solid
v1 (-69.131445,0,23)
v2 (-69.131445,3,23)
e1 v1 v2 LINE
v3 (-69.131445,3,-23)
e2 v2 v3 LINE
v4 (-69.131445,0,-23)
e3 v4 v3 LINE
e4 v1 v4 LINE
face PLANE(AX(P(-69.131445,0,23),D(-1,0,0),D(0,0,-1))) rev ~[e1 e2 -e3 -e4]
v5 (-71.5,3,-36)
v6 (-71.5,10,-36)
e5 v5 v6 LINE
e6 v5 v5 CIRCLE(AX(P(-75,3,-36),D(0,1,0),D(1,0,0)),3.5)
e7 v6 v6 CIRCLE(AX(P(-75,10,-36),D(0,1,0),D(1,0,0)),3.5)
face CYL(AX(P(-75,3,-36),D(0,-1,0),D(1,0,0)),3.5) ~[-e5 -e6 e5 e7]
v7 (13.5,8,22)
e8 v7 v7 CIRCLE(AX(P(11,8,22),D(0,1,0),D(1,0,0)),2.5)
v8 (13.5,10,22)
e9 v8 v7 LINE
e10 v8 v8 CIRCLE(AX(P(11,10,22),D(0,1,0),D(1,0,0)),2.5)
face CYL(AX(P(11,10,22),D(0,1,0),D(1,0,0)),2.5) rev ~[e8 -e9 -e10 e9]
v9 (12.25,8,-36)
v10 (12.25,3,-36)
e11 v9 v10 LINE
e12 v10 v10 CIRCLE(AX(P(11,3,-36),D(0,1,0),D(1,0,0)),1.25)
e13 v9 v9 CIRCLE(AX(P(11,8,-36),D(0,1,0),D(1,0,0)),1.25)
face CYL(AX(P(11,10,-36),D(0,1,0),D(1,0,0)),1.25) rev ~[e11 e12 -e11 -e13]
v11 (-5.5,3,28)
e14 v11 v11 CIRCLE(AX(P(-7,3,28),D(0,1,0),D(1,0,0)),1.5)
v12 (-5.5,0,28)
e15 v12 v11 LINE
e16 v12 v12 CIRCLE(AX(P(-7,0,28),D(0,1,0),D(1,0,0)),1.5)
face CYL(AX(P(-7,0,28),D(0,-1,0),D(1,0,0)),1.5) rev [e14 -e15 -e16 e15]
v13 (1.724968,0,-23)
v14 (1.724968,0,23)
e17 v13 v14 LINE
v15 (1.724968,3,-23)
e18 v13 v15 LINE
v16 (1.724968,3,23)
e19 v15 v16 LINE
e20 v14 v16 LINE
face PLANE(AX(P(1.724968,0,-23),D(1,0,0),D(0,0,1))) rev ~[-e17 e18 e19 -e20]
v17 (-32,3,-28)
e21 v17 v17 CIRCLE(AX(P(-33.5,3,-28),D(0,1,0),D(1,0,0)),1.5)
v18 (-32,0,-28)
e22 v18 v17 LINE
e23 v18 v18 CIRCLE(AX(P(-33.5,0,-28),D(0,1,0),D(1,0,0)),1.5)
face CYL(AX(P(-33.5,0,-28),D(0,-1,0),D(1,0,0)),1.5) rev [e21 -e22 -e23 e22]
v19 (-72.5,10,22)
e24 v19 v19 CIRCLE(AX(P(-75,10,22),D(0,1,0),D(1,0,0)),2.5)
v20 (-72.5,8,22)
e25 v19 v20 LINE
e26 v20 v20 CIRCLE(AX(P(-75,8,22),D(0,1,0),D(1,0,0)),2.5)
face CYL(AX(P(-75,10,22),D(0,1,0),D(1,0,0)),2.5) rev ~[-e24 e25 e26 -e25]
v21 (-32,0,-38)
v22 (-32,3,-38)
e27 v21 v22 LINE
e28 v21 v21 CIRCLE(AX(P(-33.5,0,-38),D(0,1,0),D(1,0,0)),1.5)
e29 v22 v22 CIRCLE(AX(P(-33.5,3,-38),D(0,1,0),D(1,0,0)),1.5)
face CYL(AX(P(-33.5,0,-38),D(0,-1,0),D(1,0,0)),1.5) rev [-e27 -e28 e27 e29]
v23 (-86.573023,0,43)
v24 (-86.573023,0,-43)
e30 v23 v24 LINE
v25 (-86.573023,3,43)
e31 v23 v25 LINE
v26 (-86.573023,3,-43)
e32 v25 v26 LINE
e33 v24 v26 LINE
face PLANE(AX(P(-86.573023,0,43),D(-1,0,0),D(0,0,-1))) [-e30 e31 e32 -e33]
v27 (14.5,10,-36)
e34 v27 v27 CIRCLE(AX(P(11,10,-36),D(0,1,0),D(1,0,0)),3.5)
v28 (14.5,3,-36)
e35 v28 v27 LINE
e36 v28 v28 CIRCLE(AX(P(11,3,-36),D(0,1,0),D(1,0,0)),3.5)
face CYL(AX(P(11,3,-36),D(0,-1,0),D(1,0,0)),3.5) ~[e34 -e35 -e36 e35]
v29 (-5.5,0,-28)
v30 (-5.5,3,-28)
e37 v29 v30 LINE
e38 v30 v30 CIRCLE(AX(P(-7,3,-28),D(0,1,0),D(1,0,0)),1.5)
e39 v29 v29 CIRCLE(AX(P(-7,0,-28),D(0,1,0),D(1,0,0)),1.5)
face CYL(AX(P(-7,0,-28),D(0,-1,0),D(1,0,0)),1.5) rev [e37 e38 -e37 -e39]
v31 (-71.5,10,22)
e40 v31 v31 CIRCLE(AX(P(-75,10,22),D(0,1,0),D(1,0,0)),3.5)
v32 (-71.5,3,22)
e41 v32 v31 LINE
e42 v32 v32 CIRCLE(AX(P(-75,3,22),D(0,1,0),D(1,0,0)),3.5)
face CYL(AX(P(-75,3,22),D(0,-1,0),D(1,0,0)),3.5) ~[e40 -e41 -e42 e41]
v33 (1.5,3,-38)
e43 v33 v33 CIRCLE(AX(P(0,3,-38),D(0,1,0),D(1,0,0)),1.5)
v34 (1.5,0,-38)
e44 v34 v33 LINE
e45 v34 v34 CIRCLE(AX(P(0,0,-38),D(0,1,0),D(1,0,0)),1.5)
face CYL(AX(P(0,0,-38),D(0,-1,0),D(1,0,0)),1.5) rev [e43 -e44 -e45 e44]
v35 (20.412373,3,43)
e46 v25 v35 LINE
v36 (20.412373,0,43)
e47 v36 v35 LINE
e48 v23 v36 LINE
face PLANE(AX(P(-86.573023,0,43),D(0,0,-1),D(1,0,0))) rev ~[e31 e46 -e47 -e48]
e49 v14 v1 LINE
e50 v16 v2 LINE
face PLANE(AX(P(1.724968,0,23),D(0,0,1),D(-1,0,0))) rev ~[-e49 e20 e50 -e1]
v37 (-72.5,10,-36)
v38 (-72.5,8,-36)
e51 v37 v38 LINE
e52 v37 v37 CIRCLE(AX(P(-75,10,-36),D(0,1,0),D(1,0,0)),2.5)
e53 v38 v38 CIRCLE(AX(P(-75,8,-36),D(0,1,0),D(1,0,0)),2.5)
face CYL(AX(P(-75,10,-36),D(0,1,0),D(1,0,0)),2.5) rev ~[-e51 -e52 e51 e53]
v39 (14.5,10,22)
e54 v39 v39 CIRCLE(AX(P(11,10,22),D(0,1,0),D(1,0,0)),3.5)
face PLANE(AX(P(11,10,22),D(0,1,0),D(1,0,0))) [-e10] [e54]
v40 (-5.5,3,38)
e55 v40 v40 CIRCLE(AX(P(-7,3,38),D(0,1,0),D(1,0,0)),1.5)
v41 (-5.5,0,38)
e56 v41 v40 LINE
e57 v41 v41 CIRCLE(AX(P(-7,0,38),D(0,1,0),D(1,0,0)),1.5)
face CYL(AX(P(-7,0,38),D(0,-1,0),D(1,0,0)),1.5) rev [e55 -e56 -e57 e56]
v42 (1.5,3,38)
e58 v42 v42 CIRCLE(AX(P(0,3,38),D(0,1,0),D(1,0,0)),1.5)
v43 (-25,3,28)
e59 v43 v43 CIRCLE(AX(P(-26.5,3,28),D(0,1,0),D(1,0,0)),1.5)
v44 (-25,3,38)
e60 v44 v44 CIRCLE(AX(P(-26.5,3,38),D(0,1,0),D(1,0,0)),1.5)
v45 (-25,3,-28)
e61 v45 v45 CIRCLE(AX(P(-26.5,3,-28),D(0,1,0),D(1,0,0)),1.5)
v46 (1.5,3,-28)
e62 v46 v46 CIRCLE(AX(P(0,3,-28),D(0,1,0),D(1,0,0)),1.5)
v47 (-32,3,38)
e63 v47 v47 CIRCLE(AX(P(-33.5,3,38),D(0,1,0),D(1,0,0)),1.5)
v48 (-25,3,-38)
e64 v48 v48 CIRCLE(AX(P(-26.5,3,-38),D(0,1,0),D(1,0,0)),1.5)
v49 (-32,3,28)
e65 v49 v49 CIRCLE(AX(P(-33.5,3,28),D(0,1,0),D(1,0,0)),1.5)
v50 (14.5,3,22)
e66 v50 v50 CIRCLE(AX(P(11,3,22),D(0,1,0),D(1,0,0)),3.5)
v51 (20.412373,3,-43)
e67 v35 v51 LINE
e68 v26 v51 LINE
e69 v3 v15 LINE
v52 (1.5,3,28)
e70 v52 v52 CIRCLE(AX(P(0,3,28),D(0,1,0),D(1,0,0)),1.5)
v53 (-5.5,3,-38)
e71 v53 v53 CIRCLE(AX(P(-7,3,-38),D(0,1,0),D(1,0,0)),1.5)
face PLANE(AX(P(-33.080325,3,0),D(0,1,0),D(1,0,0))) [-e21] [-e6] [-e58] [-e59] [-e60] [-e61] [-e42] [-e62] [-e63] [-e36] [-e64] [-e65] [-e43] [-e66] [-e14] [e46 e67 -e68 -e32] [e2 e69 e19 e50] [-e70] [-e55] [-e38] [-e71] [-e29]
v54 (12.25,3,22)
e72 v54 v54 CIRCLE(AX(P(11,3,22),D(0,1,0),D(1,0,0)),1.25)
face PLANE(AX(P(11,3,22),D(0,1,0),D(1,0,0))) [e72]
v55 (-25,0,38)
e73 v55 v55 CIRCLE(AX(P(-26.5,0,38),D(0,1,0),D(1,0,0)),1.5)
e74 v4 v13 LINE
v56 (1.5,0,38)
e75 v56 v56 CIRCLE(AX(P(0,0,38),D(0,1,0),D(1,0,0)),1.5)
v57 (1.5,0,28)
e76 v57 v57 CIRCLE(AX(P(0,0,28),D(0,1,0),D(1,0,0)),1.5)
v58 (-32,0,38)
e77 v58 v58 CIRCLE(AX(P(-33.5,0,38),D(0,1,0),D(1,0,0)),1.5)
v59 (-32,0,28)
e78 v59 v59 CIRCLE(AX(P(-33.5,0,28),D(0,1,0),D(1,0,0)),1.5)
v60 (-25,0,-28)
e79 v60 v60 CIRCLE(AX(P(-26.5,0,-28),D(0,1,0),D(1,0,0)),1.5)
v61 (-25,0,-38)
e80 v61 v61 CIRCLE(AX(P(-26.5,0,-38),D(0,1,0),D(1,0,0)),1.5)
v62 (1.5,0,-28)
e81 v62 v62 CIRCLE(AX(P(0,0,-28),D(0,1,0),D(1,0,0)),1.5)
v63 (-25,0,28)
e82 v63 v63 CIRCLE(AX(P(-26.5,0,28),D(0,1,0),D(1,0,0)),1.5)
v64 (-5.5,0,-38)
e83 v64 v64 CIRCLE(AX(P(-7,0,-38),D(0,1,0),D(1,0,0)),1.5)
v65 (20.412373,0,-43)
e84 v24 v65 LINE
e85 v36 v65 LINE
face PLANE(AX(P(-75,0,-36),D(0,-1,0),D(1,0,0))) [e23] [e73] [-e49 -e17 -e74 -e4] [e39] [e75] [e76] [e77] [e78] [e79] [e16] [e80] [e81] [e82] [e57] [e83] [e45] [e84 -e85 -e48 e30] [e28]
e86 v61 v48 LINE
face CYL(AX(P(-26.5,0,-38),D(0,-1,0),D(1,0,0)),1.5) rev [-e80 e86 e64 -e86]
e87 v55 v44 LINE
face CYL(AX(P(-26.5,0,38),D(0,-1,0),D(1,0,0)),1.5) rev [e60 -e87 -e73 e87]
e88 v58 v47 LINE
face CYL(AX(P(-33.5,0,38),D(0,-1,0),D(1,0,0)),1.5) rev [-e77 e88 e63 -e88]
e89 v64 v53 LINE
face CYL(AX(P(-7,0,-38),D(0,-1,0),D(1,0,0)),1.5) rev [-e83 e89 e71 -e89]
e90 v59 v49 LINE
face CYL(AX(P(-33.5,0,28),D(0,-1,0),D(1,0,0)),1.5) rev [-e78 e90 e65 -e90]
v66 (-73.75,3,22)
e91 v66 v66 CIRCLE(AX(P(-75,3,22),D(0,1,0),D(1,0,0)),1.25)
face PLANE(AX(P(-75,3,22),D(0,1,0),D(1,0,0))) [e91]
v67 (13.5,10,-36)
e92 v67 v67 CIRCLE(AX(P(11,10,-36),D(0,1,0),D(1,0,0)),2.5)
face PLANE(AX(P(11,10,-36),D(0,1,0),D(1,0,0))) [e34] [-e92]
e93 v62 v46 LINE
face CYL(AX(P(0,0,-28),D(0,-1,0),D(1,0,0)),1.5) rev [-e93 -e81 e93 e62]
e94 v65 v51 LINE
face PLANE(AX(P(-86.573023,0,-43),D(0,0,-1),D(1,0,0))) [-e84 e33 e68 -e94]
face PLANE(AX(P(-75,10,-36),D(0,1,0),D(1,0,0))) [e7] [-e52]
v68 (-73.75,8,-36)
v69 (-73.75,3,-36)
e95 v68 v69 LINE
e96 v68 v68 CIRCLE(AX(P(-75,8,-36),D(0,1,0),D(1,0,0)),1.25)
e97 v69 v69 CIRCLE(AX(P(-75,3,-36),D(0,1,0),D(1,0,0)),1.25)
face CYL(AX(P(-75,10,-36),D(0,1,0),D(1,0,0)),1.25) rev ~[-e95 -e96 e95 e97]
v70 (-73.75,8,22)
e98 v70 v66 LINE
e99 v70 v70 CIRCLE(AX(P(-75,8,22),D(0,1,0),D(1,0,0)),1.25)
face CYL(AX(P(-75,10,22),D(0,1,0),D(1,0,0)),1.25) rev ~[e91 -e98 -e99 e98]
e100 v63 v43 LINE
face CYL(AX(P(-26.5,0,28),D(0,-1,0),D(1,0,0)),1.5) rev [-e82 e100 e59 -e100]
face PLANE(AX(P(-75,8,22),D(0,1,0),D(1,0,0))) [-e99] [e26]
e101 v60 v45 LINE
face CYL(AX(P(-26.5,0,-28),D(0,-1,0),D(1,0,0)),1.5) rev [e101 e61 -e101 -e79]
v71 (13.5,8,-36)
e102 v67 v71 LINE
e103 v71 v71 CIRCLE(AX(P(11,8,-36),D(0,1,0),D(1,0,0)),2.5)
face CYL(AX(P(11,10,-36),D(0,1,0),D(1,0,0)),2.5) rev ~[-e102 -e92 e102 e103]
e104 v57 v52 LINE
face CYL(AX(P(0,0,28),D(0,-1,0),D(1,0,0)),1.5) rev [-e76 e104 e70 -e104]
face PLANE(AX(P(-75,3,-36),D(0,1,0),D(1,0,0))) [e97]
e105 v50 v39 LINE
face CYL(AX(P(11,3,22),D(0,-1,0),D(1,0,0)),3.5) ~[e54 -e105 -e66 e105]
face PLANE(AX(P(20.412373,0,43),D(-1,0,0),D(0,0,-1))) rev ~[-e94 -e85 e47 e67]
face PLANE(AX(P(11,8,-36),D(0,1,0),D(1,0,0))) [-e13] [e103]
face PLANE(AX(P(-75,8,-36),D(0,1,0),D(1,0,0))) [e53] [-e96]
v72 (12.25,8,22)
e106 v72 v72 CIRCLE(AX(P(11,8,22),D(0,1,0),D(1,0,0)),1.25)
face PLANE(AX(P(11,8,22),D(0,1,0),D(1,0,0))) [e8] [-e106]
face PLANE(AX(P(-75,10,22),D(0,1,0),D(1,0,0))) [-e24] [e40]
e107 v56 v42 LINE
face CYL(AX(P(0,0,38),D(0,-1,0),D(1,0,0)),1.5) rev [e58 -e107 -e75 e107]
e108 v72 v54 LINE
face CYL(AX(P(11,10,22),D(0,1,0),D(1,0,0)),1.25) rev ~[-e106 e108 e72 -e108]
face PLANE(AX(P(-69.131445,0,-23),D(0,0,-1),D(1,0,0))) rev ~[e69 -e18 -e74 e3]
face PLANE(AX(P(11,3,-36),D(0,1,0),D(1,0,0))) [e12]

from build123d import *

# Parameters (mm, degrees)
SKETCH1_W             = 106.985396655
SKETCH1_H             = 86
SKETCH1_R             = 3.5
SKETCH1_R_2           = 1.5
BOSS_EXTRUDE1_DEPTH   = 3
SKETCH3_R             = 3.5
BOSS_EXTRUDE2_DEPTH   = 7
BOSS_EXTRUDE2_2_DEPTH = 7
BOSS_EXTRUDE2_3_DEPTH = 7
BOSS_EXTRUDE2_4_DEPTH = 7
SKETCH4_R             = 3.5
BOSS_EXTRUDE3_DEPTH   = 3
SKETCH5_R             = 1.25
CUT_EXTRUDE1_DEPTH    = 7
SKETCH6_R             = 2.5
CUT_EXTRUDE2_DEPTH    = 2


with BuildPart() as part:
    # Sketch1 → Boss-Extrude1 (new body)
    with BuildSketch(Plane(origin=(0, 0, 0), x_dir=(1, 0, 0), z_dir=(0, 1, 0))):
        with Locations((-33.080324924, 0)):
            Rectangle(SKETCH1_W, SKETCH1_H)
        with Locations((11, 36)):
            Circle(SKETCH1_R, mode=Mode.SUBTRACT)
        with Locations((-7, 38)):
            Circle(SKETCH1_R_2, mode=Mode.SUBTRACT)
        with Locations((-26.5, 38)):
            Circle(SKETCH1_R_2, mode=Mode.SUBTRACT)
        with Locations((-75, -22)):
            Circle(SKETCH1_R, mode=Mode.SUBTRACT)
        with Locations((-33.5, -38)):
            Circle(SKETCH1_R_2, mode=Mode.SUBTRACT)
        with Locations((-33.5, -28)):
            Circle(SKETCH1_R_2, mode=Mode.SUBTRACT)
        with Locations((-26.5, -38)):
            Circle(SKETCH1_R_2, mode=Mode.SUBTRACT)
        with Locations((-26.5, -28)):
            Circle(SKETCH1_R_2, mode=Mode.SUBTRACT)
        with Locations((-7, -38)):
            Circle(SKETCH1_R_2, mode=Mode.SUBTRACT)
        with Locations((0, -38)):
            Circle(SKETCH1_R_2, mode=Mode.SUBTRACT)
        with Locations((-7, -28)):
            Circle(SKETCH1_R_2, mode=Mode.SUBTRACT)
        with Locations((0, -28)):
            Circle(SKETCH1_R_2, mode=Mode.SUBTRACT)
        with Locations((11, -22)):
            Circle(SKETCH1_R, mode=Mode.SUBTRACT)
        Polygon((1.724967874, 23), (1.724967874, -22), (1.724967874, -23), (-69.131444758, -23), (-69.131444758, 23), align=None, mode=Mode.SUBTRACT)
        with Locations((-75, 36)):
            Circle(SKETCH1_R, mode=Mode.SUBTRACT)
        with Locations((-33.5, 28)):
            Circle(SKETCH1_R_2, mode=Mode.SUBTRACT)
        with Locations((-33.5, 38)):
            Circle(SKETCH1_R_2, mode=Mode.SUBTRACT)
        with Locations((-26.5, 28)):
            Circle(SKETCH1_R_2, mode=Mode.SUBTRACT)
        with Locations((-7, 28)):
            Circle(SKETCH1_R_2, mode=Mode.SUBTRACT)
        with Locations((0, 28)):
            Circle(SKETCH1_R_2, mode=Mode.SUBTRACT)
        with Locations((0, 38)):
            Circle(SKETCH1_R_2, mode=Mode.SUBTRACT)
    extrude(amount=BOSS_EXTRUDE1_DEPTH)



with BuildPart() as body_2:
    # Sketch3 → Boss-Extrude2 (new body)
    with BuildSketch(Plane(origin=(0, 3, 0), x_dir=(1, 0, 0), z_dir=(0, 1, 0))):
        with Locations((-75, -22)):
            Circle(SKETCH3_R)
    extrude(amount=BOSS_EXTRUDE2_DEPTH)


with BuildPart() as body_3:
    # Sketch3 → Boss-Extrude2 2 (new body)
    with BuildSketch(Plane(origin=(0, 3, 0), x_dir=(1, 0, 0), z_dir=(0, 1, 0))):
        with Locations((11, -22)):
            Circle(SKETCH3_R)
    extrude(amount=BOSS_EXTRUDE2_2_DEPTH)


with BuildPart() as body_4:
    # Sketch3 → Boss-Extrude2 3 (new body)
    with BuildSketch(Plane(origin=(0, 3, 0), x_dir=(1, 0, 0), z_dir=(0, 1, 0))):
        with Locations((11, 36)):
            Circle(SKETCH3_R)
    extrude(amount=BOSS_EXTRUDE2_3_DEPTH)


with BuildPart() as body_5:
    # Sketch3 → Boss-Extrude2 4 (new body)
    with BuildSketch(Plane(origin=(0, 3, 0), x_dir=(1, 0, 0), z_dir=(0, 1, 0))):
        with Locations((-75, 36)):
            Circle(SKETCH3_R)
    extrude(amount=BOSS_EXTRUDE2_4_DEPTH)


with BuildPart() as part_1:
    add(part.part)

    add(body_2.part)  # Boss-Extrude3 merges body 2

    add(body_3.part)  # Boss-Extrude3 merges body 3

    add(body_4.part)  # Boss-Extrude3 merges body 4

    add(body_5.part)  # Boss-Extrude3 merges body 5
    # Sketch4 → Boss-Extrude3 (add)
    with BuildSketch(Plane.XZ.offset(-3)):
        with Locations((-75, -36)):
            Circle(SKETCH4_R)
        with Locations((11, -36)):
            Circle(SKETCH4_R)
        with Locations((11, 22)):
            Circle(SKETCH4_R)
        with Locations((-75, 22)):
            Circle(SKETCH4_R)
    extrude(amount=BOSS_EXTRUDE3_DEPTH)

    # Sketch5 → Cut-Extrude1 (cut)
    with BuildSketch(Plane(origin=(0, 10, 0), x_dir=(1, 0, 0), z_dir=(0, 1, 0))):
        with Locations((11, 36)):
            Circle(SKETCH5_R)
        with Locations((11, -22)):
            Circle(SKETCH5_R)
        with Locations((-75, -22)):
            Circle(SKETCH5_R)
        with Locations((-75, 36)):
            Circle(SKETCH5_R)
    extrude(amount=-CUT_EXTRUDE1_DEPTH, mode=Mode.SUBTRACT)

    # Sketch6 → Cut-Extrude2 (cut)
    with BuildSketch(Plane(origin=(0, 10, 0), x_dir=(1, 0, 0), z_dir=(0, 1, 0))):
        with Locations((-75, 36)):
            Circle(SKETCH6_R)
        with Locations((11, 36)):
            Circle(SKETCH6_R)
        with Locations((-75, -22)):
            Circle(SKETCH6_R)
        with Locations((11, -22)):
            Circle(SKETCH6_R)
    extrude(amount=-CUT_EXTRUDE2_DEPTH, mode=Mode.SUBTRACT)


solid = part_1.part
